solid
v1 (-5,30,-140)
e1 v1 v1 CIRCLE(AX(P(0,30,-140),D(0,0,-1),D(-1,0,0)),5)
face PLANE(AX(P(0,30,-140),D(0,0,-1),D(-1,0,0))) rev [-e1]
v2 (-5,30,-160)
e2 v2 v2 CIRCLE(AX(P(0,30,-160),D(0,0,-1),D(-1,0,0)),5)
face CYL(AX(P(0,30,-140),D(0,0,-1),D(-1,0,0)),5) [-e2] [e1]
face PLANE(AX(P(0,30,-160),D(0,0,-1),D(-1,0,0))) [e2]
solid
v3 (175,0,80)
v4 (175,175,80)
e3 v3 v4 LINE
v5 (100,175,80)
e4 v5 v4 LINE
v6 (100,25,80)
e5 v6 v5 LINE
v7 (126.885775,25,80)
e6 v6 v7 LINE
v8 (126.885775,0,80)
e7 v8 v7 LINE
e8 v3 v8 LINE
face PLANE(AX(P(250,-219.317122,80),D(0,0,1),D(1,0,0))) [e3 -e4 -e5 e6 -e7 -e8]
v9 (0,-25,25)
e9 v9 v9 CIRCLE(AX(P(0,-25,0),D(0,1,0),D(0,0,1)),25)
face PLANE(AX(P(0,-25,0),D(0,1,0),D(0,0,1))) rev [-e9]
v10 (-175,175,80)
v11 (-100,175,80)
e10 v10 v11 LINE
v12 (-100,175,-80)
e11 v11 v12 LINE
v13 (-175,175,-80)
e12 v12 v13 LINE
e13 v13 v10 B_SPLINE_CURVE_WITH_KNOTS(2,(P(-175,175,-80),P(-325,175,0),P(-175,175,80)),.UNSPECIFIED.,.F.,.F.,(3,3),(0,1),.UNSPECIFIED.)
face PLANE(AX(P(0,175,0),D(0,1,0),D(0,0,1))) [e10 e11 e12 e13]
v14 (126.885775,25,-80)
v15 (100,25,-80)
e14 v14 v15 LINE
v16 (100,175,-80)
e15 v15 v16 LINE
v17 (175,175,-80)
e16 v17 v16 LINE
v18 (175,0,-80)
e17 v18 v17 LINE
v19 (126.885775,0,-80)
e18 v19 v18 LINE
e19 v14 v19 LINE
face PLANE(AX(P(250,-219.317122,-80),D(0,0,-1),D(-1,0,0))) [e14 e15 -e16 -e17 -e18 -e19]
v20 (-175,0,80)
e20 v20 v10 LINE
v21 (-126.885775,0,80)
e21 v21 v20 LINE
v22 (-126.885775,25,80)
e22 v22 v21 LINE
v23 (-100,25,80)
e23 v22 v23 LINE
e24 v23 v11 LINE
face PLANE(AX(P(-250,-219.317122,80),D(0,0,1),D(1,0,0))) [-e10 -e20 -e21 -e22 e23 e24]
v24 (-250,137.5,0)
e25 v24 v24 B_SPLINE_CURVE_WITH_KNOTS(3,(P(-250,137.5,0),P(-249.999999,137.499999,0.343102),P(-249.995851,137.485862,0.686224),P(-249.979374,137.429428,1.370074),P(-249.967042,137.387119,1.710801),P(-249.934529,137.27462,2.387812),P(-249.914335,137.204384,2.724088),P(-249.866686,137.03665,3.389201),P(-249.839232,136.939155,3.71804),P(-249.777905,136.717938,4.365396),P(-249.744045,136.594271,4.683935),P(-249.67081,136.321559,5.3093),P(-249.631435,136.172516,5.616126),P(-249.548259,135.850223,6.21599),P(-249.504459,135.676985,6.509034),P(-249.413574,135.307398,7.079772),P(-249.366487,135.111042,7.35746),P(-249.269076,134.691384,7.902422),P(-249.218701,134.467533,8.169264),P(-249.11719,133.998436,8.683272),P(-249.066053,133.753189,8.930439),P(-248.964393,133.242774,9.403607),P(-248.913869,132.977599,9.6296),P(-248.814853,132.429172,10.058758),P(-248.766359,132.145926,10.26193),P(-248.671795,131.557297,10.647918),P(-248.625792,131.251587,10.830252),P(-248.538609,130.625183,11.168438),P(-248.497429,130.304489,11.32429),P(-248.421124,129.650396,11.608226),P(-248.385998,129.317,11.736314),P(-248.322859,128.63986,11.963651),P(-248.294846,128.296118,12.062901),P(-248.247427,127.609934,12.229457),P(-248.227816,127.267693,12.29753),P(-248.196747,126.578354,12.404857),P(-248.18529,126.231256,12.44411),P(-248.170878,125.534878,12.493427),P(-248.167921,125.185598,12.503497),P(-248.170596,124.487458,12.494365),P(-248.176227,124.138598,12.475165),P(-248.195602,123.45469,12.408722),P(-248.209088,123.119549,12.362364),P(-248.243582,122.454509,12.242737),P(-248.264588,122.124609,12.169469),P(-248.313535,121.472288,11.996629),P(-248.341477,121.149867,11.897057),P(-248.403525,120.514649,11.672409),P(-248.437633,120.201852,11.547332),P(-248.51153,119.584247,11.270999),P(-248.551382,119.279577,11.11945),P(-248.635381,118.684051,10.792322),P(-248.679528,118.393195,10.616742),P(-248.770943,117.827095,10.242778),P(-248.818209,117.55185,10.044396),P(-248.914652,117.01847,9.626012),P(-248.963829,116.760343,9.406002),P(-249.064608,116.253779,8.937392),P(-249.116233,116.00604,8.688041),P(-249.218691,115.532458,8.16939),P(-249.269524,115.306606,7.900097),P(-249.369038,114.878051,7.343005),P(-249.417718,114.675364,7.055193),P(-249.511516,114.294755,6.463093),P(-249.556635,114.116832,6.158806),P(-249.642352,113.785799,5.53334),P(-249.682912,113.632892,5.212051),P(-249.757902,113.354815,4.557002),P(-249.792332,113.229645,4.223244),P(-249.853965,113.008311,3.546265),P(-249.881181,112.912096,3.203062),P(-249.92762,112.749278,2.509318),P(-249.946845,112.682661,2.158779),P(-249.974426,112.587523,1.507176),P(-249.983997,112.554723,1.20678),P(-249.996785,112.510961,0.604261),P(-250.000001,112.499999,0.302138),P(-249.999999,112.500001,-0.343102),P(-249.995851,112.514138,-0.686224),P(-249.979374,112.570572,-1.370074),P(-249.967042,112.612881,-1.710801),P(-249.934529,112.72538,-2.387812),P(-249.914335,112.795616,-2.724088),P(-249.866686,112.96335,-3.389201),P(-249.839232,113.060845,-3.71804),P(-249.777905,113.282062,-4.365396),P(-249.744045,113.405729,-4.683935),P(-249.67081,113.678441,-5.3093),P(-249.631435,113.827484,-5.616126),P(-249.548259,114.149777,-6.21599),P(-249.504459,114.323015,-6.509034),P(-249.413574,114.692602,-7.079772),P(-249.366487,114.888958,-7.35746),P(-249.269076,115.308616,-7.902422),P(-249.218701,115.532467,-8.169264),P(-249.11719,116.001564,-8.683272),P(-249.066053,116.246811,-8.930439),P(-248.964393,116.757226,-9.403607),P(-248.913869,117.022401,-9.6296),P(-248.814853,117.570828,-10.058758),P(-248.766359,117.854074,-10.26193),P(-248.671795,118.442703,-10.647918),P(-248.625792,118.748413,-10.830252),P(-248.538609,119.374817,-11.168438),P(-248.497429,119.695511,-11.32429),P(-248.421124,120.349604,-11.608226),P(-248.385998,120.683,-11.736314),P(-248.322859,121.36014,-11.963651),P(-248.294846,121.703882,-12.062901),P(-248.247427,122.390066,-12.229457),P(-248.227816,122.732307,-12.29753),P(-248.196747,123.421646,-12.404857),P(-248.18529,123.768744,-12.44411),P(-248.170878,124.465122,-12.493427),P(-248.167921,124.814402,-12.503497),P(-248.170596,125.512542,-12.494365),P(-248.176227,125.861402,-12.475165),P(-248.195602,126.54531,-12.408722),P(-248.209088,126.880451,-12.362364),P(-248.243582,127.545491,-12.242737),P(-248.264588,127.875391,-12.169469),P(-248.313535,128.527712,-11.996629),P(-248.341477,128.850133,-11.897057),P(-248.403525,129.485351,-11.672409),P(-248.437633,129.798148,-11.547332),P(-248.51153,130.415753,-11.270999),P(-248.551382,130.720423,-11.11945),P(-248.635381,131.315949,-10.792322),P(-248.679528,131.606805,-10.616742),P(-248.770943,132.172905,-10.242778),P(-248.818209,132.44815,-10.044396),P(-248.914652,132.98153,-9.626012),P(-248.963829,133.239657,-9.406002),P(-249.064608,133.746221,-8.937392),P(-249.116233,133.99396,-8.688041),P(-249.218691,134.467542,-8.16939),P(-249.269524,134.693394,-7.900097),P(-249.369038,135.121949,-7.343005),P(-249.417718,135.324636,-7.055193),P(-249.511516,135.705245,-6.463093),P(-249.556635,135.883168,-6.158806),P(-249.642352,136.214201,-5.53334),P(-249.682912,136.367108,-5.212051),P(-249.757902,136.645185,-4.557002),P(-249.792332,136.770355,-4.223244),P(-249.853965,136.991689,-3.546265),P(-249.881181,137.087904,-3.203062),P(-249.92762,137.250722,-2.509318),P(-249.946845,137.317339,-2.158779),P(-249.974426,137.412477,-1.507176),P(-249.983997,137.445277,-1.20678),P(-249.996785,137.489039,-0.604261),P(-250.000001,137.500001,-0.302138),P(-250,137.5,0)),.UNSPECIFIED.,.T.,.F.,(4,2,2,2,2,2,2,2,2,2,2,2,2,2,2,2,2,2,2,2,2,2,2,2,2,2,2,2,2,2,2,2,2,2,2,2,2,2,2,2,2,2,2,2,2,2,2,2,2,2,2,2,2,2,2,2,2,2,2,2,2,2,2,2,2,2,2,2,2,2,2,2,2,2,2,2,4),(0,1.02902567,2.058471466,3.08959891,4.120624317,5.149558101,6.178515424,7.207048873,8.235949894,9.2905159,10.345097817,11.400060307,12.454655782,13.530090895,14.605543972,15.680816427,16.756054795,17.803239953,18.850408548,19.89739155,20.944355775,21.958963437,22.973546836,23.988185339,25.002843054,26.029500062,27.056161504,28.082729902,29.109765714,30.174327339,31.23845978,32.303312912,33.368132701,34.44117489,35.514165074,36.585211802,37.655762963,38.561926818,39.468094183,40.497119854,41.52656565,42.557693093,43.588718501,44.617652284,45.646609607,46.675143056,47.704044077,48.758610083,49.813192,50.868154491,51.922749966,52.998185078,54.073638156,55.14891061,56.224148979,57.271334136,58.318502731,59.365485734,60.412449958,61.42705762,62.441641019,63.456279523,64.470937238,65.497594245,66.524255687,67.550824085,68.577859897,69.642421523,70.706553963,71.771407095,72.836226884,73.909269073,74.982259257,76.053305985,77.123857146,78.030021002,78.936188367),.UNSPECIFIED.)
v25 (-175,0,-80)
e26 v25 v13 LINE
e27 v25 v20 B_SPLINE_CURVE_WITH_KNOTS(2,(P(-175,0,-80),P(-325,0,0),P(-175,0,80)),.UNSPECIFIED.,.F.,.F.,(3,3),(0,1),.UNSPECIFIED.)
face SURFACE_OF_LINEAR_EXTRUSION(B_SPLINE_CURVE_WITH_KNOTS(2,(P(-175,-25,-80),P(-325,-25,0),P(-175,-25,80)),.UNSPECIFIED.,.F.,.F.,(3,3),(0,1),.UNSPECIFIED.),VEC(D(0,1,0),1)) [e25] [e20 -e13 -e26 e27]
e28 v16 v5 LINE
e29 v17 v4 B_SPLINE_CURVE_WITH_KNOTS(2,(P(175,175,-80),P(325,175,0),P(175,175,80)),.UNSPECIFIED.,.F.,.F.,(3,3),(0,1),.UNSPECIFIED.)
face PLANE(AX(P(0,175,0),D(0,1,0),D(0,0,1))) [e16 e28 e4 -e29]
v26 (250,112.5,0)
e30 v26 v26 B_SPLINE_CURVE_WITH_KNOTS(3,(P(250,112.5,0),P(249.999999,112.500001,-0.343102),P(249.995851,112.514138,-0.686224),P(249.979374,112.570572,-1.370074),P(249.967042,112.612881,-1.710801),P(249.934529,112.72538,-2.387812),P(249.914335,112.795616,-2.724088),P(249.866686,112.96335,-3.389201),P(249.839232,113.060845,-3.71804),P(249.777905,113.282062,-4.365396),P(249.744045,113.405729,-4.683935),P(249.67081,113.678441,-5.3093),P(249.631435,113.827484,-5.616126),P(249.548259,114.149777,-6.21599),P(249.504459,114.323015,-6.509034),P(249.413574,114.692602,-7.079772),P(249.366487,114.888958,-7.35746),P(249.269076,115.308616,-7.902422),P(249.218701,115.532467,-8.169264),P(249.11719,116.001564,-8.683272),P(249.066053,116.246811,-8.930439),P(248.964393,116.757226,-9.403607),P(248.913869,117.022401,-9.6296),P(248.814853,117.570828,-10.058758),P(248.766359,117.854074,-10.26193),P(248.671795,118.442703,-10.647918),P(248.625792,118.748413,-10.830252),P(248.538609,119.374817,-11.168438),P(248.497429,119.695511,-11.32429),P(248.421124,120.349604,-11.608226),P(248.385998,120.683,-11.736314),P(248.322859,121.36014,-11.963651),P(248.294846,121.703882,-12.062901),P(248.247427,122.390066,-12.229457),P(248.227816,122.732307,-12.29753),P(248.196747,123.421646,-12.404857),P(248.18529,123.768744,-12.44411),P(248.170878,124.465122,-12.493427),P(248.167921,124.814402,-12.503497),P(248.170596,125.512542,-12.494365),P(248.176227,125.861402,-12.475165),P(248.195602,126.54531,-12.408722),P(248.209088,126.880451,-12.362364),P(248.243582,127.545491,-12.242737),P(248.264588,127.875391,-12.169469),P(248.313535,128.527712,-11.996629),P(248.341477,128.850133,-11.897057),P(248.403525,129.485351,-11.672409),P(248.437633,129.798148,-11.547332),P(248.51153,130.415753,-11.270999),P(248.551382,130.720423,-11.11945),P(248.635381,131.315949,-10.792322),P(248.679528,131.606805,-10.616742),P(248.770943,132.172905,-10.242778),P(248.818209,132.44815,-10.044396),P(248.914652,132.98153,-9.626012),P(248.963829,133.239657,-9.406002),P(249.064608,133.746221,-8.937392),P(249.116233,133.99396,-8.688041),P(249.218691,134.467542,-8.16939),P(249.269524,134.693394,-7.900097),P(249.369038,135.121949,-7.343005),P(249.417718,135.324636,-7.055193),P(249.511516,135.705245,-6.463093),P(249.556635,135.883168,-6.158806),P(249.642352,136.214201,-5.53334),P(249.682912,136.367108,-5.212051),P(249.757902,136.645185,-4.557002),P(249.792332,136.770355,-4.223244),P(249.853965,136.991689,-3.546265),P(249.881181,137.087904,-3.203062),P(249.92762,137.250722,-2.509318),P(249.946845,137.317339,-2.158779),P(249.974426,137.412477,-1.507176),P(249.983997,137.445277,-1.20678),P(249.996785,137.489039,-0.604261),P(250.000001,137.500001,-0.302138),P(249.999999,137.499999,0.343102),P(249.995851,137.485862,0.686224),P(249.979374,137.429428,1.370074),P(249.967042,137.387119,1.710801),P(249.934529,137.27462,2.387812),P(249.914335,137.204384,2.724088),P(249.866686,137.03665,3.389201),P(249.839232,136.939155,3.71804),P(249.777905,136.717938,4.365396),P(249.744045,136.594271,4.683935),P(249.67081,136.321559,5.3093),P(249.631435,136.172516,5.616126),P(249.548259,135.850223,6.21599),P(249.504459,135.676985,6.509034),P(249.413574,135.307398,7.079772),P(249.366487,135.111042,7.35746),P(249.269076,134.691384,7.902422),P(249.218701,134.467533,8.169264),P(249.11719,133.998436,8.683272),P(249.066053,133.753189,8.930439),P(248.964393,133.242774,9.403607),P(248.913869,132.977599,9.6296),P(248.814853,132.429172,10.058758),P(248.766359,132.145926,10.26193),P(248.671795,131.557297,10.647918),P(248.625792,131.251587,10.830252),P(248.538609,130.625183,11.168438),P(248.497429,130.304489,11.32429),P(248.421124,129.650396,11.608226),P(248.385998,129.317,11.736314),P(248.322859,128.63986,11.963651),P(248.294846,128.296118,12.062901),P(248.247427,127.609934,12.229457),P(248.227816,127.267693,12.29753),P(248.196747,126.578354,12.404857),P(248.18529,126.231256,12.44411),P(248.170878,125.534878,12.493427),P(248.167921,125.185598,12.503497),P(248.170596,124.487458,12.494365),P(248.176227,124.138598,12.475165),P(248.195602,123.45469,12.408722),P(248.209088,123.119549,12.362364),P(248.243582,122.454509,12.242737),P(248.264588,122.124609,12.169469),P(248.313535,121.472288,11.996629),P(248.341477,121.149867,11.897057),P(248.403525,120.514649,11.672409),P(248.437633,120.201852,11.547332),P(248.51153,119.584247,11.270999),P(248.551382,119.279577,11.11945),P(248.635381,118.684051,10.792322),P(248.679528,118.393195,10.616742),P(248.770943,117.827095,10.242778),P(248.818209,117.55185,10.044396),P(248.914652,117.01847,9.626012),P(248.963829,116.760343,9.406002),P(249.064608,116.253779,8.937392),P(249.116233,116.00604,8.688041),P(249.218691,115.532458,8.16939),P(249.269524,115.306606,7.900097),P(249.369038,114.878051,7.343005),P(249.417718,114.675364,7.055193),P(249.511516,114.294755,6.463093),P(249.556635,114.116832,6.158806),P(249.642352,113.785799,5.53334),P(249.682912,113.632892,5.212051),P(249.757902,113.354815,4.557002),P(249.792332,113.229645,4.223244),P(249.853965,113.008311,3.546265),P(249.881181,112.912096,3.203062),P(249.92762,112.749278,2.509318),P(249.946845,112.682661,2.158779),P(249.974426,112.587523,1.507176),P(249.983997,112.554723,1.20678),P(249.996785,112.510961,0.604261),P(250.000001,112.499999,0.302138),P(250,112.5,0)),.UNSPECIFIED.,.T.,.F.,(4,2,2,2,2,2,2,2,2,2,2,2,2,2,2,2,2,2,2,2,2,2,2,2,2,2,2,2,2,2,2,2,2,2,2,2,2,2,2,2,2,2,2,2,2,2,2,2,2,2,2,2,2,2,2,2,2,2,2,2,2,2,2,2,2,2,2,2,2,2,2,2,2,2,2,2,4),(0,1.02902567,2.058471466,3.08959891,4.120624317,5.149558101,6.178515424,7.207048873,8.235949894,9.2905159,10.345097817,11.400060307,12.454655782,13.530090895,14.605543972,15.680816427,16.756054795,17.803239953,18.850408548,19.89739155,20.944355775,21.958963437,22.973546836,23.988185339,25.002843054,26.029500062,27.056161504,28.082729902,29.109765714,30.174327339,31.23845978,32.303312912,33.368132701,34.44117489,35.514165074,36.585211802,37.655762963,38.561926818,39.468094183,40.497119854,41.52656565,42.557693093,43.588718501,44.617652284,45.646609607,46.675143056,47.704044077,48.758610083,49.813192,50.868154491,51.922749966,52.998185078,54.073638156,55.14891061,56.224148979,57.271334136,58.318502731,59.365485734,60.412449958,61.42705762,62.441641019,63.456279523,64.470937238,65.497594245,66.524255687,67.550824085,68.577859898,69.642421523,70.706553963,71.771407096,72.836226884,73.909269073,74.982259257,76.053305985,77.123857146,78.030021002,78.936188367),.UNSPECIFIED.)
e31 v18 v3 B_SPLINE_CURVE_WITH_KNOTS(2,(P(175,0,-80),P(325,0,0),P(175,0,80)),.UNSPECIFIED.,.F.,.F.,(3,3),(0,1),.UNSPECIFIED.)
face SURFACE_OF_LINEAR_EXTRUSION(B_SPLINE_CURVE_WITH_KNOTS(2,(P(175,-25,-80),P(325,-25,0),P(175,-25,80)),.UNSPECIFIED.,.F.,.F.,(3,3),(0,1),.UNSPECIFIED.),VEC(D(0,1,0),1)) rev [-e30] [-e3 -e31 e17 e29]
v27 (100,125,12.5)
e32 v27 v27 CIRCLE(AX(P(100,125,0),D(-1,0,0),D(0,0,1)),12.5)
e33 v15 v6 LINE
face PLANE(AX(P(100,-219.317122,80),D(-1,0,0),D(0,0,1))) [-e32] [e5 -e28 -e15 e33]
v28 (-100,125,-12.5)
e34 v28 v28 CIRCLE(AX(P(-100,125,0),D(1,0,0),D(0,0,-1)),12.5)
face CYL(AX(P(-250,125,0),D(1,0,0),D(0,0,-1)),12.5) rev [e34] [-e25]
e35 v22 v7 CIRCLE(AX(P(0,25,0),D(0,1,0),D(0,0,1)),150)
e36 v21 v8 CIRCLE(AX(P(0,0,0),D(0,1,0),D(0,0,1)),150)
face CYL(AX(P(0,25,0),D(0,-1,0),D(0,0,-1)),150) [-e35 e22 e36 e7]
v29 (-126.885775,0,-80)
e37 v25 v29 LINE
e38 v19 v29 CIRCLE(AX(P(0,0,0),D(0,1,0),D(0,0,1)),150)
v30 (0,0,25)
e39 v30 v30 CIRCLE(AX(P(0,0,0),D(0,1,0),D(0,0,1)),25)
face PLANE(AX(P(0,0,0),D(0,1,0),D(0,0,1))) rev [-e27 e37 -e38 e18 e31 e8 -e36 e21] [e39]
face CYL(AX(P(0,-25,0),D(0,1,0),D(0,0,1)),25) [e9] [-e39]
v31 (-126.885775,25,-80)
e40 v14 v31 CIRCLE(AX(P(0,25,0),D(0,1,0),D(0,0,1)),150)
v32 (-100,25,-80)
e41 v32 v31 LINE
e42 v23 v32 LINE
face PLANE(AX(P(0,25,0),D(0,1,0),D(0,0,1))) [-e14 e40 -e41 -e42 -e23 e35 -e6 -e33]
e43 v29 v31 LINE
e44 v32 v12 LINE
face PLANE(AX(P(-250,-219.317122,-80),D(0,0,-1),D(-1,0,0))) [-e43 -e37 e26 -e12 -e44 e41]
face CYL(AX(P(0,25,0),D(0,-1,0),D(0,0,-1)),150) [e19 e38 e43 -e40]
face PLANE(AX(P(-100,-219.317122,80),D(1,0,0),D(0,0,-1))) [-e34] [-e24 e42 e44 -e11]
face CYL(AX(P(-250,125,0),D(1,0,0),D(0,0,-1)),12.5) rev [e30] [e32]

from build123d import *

# Parameters (mm, degrees)
SKETCH1_R                       = 25
BOSS_EXTRUDE1_DEPTH             = 25
SKETCH2_R                       = 150
BOSS_EXTRUDE2_DEPTH             = 25
SKETCH3_W                       = 150
SKETCH3_H                       = 160
BOSS_EXTRUDE3_DEPTH             = 150
BOSS_EXTRUDE3_DIRECTION_2_REACH = 219.945
CUT_EXTRUDE2_DEPTH              = 420.076365356
CUT_EXTRUDE2_DEPTH_BACK         = 420.076365356
SKETCH6_R                       = 12.5
CUT_EXTRUDE3_DEPTH              = 354.553390593
BOSS_EXTRUDE5_DEPTH             = 10
BOSS_EXTRUDE5_DEPTH_BACK        = 10
SKETCH9_R                       = 5


with BuildPart() as part:
    # Sketch1 → Boss-Extrude1 (new body)
    with BuildSketch(Plane(origin=(0, 0, 0), x_dir=(1, 0, 0), z_dir=(0, 1, 0))):
        with Locations(Location((0, 0, 0), (0, 0, 270))):
            Circle(SKETCH1_R)
    extrude(amount=-BOSS_EXTRUDE1_DEPTH)

    # Sketch2 → Boss-Extrude2 (add)
    with BuildSketch(Plane(origin=(0, 0, 0), x_dir=(1, 0, 0), z_dir=(0, 1, 0))):
        with Locations(Location((0, 0, 0), (0, 0, 270))):
            Circle(SKETCH2_R)
    extrude(amount=BOSS_EXTRUDE2_DEPTH)

    # Sketch3 → Boss-Extrude3 (add)
    with BuildSketch(Plane(origin=(0, 25, 0), x_dir=(1, 0, 0), z_dir=(0, 1, 0))):
        with Locations((175, 0)):
            Rectangle(SKETCH3_W, SKETCH3_H)
        with Locations((-175, 0)):
            Rectangle(SKETCH3_W, SKETCH3_H)
    extrude(amount=BOSS_EXTRUDE3_DEPTH)

    # Boss-Extrude3 direction 2: up to this face of the body (flat: up to its plane)
    boss_extrude3_direction_2_end = Plane(part.part.faces().sort_by_distance((0, 0, -145.757359313))[0])
    # Sketch3 → Boss-Extrude3 direction 2 (add, up to the picked face)
    with BuildSketch(Plane(origin=(0, 25, 0), x_dir=(1, 0, 0), z_dir=(0, 1, 0)), mode=Mode.PRIVATE) as boss_extrude3_direction_2_sk1:
        with Locations((175, 0)):
            Rectangle(SKETCH3_W, SKETCH3_H)
    boss_extrude3_direction_2_tool1 = split(extrude(boss_extrude3_direction_2_sk1.sketch, amount=-BOSS_EXTRUDE3_DIRECTION_2_REACH, mode=Mode.PRIVATE), bisect_by=boss_extrude3_direction_2_end, keep=Keep.BOTH, mode=Mode.PRIVATE)
    # Sketch3 → Boss-Extrude3 direction 2 (add, up to the picked face)
    with BuildSketch(Plane(origin=(0, 25, 0), x_dir=(1, 0, 0), z_dir=(0, 1, 0)), mode=Mode.PRIVATE) as boss_extrude3_direction_2_sk2:
        with Locations((-175, 0)):
            Rectangle(SKETCH3_W, SKETCH3_H)
    boss_extrude3_direction_2_tool2 = split(extrude(boss_extrude3_direction_2_sk2.sketch, amount=-BOSS_EXTRUDE3_DIRECTION_2_REACH, mode=Mode.PRIVATE), bisect_by=boss_extrude3_direction_2_end, keep=Keep.BOTH, mode=Mode.PRIVATE)
    add(boss_extrude3_direction_2_tool1.solids().sort_by(Axis((175, 25, 0), (0, -1, 0)))[0])
    add(boss_extrude3_direction_2_tool2.solids().sort_by(Axis((-175, 25, 0), (0, -1, 0)))[0])

    # Sketch6 → Cut-Extrude2 (cut, two sides: drawn at the far end of the back side and taken through both)
    with BuildSketch(Plane(origin=(-100, 0, 0), x_dir=(0, 0, -1), z_dir=(1, 0, 0)).offset(-CUT_EXTRUDE2_DEPTH_BACK)):
        with Locations((0, 125)):
            Circle(SKETCH6_R)
    extrude(amount=CUT_EXTRUDE2_DEPTH + CUT_EXTRUDE2_DEPTH_BACK, mode=Mode.SUBTRACT)

    # Sketch7 → Cut-Extrude3 (cut, through all)
    with BuildSketch(Plane(origin=(0, 175, 0), x_dir=(1, 0, 0), z_dir=(0, 1, 0))):
        with BuildLine():
            Line((-250, -80), (-175, -80))
            add(Edge.make_bspline(
                [(-250, 0), (-250, -40), (-175, -80)],
                knots=[0.5, 0.5, 0.5, 1, 1, 1], degree=2))
            Line((-250, 0), (-250, -80))
        make_face()
        with BuildLine():
            Line((-250, 80), (-250, 0))
            add(Edge.make_bspline(
                [(-175, 80), (-250, 40), (-250, 0)],
                knots=[0, 0, 0, 0.5, 0.5, 0.5], degree=2))
            Line((-175, 80), (-250, 80))
        make_face()
        with BuildLine():
            Line((250, -80), (250, -1.99e-07))
            add(Edge.make_bspline(
                [(250, -1.99e-07), (249.999999813, -40.0000001), (175, -80)],
                knots=[0.500000001, 0.500000001, 0.500000001, 1, 1, 1], degree=2))
            Line((175, -80), (250, -80))
        make_face()
        with BuildLine():
            Line((250, 80), (175, 80))
            add(Edge.make_bspline(
                [(175, 80), (250.000000187, 39.9999999), (250, -1.99e-07)],
                knots=[0, 0, 0, 0.500000001, 0.500000001, 0.500000001], degree=2))
            Line((250, -1.99e-07), (250, 80))
        make_face()
    extrude(amount=-CUT_EXTRUDE3_DEPTH, mode=Mode.SUBTRACT)


with BuildPart() as body_2:
    # Sketch9 → Boss-Extrude5 (new, two sides: drawn at the far end of the back side and taken through both)
    with BuildSketch(Plane(origin=(0, 0, -150), x_dir=(-1, 0, 0), z_dir=(0, 0, -1)).offset(-BOSS_EXTRUDE5_DEPTH_BACK)):
        with Locations((0, 30)):
            Circle(SKETCH9_R)
    extrude(amount=BOSS_EXTRUDE5_DEPTH + BOSS_EXTRUDE5_DEPTH_BACK)


solid = Compound([part.part, body_2.part])
